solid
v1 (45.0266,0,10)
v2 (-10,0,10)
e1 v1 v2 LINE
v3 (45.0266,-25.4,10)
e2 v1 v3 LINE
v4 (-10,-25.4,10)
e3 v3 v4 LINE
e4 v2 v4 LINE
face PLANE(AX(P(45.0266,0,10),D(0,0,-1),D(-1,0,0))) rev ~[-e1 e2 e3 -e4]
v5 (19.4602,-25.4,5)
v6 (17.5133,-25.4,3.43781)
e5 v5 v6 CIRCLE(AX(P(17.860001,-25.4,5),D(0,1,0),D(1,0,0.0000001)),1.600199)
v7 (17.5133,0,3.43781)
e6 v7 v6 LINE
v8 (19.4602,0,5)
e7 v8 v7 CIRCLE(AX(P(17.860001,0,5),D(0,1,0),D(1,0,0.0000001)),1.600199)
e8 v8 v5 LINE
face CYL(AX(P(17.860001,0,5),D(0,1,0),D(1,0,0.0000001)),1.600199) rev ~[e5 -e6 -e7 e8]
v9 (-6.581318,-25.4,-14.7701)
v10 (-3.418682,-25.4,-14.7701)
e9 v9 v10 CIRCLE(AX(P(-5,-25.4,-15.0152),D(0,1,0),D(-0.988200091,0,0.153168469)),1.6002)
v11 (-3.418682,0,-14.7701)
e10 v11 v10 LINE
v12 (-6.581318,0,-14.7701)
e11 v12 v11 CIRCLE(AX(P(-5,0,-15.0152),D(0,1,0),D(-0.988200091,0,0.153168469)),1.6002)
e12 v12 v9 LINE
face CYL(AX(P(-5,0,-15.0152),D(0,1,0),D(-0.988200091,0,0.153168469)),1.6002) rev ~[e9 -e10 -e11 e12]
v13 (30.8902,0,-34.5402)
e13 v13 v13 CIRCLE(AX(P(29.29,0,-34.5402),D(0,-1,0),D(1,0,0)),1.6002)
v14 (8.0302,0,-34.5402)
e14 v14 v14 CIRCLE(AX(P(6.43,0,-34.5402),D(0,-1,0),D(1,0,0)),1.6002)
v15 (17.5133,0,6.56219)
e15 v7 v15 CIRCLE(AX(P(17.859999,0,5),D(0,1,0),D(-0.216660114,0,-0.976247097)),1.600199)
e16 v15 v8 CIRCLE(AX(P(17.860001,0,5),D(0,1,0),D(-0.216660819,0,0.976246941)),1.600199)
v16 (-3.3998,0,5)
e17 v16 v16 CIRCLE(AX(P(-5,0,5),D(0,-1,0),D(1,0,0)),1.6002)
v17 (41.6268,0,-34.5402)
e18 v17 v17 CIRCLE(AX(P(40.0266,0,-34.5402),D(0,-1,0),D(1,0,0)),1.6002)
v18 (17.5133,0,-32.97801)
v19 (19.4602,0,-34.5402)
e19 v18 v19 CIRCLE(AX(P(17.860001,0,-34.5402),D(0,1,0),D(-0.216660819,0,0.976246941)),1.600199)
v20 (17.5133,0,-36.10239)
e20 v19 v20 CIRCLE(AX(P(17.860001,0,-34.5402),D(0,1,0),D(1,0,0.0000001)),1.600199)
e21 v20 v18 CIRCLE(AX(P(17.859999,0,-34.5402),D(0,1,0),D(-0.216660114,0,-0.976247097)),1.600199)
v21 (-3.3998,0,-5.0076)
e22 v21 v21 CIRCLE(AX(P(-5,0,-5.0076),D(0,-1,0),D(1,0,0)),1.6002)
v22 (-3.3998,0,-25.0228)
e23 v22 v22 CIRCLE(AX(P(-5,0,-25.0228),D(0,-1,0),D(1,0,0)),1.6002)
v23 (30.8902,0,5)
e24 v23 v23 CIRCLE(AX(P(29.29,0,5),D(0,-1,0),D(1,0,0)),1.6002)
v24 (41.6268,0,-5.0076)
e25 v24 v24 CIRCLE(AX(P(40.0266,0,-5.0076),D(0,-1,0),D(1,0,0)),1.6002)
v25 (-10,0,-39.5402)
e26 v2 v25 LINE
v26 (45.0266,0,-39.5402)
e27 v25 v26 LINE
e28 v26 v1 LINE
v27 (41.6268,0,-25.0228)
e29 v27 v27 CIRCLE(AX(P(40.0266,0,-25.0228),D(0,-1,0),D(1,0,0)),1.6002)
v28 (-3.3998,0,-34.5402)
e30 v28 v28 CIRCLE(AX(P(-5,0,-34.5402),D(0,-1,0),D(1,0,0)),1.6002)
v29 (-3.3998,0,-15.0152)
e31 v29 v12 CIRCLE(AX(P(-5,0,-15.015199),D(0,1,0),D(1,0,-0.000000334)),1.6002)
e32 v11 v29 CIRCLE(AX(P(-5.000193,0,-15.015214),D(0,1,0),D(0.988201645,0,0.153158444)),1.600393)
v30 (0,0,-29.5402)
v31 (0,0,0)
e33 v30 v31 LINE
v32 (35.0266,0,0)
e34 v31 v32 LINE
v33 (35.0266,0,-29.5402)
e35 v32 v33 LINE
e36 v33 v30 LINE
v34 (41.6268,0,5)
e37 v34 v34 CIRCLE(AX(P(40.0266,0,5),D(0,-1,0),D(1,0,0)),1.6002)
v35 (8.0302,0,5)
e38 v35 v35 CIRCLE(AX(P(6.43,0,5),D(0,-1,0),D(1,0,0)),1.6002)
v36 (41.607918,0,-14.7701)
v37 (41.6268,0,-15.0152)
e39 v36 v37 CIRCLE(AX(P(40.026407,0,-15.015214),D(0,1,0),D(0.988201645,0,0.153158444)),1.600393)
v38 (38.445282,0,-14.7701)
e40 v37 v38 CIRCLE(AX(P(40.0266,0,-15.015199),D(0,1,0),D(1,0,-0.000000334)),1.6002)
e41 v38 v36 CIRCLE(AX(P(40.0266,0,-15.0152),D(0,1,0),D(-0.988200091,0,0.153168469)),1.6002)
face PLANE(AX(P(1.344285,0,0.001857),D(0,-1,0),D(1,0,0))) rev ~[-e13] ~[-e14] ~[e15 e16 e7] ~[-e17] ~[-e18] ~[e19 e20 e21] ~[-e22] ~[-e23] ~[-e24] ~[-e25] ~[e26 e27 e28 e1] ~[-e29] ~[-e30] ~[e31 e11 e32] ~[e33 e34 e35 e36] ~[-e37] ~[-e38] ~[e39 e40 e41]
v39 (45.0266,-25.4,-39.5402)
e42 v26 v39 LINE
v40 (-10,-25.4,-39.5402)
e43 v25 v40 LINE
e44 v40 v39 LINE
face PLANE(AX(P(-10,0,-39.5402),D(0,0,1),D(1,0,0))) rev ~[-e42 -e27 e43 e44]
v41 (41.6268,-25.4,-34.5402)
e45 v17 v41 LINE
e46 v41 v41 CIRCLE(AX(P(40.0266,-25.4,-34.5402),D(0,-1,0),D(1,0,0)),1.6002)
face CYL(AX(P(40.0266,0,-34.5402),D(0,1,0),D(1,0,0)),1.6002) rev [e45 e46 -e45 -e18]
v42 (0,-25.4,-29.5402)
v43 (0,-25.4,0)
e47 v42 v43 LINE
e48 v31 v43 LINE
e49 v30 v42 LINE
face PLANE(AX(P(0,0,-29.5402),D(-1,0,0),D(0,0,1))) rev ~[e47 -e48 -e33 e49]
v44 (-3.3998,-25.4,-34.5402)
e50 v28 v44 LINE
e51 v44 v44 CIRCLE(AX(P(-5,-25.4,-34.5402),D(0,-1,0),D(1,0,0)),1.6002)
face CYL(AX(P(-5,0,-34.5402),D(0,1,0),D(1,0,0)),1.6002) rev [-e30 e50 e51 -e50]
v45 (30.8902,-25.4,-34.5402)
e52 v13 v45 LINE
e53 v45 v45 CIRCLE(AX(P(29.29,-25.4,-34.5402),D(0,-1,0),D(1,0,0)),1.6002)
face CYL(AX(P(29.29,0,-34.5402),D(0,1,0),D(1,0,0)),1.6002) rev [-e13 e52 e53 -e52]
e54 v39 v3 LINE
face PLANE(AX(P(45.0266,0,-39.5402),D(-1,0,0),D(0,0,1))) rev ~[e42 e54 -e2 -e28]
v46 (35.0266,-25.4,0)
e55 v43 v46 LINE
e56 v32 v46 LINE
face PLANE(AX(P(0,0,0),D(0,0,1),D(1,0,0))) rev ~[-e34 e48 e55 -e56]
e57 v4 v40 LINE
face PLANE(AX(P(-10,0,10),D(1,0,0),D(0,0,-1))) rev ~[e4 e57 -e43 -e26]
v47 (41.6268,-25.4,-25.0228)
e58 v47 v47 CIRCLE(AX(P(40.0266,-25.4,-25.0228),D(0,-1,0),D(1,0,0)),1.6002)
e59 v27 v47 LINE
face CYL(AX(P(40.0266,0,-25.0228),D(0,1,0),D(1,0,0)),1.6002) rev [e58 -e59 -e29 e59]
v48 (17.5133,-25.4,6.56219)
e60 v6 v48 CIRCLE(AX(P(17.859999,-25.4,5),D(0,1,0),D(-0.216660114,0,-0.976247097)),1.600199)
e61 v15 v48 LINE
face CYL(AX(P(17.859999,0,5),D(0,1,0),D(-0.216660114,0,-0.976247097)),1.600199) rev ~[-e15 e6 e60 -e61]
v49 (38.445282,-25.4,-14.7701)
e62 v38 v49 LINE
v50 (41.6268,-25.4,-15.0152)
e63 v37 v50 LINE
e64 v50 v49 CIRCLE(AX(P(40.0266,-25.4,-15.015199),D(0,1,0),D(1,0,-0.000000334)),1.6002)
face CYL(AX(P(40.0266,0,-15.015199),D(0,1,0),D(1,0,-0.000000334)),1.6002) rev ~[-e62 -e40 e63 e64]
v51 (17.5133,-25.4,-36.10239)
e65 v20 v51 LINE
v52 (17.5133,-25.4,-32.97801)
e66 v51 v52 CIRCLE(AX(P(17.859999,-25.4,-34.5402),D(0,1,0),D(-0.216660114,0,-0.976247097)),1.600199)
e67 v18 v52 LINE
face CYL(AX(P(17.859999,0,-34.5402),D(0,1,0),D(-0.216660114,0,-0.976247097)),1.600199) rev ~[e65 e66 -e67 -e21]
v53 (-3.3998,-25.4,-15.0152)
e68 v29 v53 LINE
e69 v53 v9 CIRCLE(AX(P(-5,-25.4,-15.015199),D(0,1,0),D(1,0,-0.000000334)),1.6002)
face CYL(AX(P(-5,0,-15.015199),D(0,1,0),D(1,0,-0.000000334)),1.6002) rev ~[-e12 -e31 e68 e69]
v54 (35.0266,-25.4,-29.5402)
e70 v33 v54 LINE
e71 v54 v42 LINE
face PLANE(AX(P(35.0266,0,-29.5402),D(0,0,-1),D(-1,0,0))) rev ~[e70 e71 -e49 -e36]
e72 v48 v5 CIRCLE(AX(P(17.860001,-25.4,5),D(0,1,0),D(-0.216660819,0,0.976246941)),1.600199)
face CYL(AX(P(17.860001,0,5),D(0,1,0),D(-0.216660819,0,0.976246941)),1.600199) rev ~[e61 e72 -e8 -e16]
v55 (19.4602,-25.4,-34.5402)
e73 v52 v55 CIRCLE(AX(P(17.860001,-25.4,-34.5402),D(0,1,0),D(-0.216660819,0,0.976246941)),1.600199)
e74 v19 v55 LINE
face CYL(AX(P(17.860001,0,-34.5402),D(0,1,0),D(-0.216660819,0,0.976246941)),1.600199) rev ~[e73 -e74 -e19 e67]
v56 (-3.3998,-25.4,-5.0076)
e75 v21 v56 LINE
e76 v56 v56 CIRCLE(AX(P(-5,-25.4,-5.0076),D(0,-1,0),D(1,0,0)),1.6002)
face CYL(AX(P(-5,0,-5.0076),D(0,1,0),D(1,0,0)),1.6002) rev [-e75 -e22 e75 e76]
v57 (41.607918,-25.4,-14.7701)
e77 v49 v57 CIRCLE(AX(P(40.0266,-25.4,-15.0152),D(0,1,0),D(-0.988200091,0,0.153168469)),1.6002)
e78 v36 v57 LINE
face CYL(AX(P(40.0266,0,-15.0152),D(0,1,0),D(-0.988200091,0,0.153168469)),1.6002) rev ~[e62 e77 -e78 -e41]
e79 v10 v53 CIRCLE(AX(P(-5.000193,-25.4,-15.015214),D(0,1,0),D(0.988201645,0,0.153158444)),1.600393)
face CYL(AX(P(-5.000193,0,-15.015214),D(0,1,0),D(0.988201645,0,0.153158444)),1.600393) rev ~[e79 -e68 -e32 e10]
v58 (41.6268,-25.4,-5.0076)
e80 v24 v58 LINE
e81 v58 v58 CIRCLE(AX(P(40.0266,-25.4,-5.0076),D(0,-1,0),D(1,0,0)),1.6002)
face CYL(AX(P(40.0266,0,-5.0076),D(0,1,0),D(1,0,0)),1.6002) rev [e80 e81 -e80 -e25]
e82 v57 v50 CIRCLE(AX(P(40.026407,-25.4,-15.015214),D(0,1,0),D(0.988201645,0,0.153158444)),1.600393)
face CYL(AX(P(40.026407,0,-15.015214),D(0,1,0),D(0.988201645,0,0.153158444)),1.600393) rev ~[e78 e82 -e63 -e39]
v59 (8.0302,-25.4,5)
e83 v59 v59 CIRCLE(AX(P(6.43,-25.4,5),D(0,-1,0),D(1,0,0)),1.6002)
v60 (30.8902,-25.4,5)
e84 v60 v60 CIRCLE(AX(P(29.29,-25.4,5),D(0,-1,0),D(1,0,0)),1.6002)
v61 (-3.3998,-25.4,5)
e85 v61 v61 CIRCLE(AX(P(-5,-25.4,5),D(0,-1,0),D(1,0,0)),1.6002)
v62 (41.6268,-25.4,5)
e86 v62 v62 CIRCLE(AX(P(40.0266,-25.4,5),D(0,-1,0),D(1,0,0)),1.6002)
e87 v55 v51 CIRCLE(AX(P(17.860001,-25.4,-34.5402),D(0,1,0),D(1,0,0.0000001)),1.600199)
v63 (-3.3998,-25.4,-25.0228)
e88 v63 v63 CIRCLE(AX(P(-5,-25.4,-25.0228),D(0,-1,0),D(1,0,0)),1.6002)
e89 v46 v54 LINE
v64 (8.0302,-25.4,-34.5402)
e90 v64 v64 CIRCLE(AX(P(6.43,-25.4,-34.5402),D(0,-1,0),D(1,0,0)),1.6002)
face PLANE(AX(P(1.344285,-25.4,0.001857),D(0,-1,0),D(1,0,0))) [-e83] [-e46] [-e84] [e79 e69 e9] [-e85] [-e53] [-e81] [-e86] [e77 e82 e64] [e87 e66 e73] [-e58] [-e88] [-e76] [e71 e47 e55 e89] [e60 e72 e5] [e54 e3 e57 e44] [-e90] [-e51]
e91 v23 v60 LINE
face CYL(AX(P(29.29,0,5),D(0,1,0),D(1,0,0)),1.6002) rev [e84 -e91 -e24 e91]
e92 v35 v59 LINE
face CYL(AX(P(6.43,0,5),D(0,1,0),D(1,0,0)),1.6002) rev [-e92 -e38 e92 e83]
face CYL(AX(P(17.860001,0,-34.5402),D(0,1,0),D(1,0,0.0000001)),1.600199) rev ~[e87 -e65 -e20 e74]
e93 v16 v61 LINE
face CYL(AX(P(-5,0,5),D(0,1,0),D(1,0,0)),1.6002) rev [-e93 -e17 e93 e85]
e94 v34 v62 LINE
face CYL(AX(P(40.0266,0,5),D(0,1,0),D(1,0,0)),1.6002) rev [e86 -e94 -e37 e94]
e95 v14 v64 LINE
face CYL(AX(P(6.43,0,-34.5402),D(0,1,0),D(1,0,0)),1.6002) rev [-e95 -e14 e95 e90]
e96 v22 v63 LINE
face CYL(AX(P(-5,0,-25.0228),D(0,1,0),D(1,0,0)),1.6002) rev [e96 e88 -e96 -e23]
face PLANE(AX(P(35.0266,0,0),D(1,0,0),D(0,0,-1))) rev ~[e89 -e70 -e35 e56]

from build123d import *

# Parameters (mm, degrees)
F0_R     = 1.6002
F1_DEPTH = 25.4


with BuildPart() as f1:
    # F0 (on Front) → F1 (new body)
    with BuildSketch(Plane.XZ):
        with BuildLine():
            Line((0, -14.7701), (0, 0))
            Line((0, 0), (17.5133, 0))
            Line((17.5133, 0), (17.5133, 3.43781))
            ThreePointArc((17.5133, 3.43781), (16.2598, 5), (17.5133, 6.56219))
            Line((17.5133, 6.56219), (17.5133, 10))
            Line((17.5133, 10), (-10, 10))
            Line((-10, 10), (-10, -14.7701))
            Line((-10, -14.7701), (-6.581318, -14.7701))
            ThreePointArc((-6.581318, -14.7701), (-5, -13.415), (-3.418682, -14.7701))
            Line((-3.418682, -14.7701), (0, -14.7701))
        make_face()
        with Locations((-5, -5.0076)):
            Circle(F0_R, mode=Mode.SUBTRACT)
        with Locations((-5, 5)):
            Circle(F0_R, mode=Mode.SUBTRACT)
        with Locations((6.43, 5)):
            Circle(F0_R, mode=Mode.SUBTRACT)
        with BuildLine():
            Line((17.5133, 3.43781), (17.5133, 0))
            Line((17.5133, 0), (35.0266, 0))
            Line((35.0266, 0), (35.0266, -14.7701))
            Line((35.0266, -14.7701), (38.445282, -14.7701))
            ThreePointArc((38.445282, -14.7701), (40.0266, -13.415), (41.607918, -14.7701))
            Line((41.607918, -14.7701), (45.0266, -14.7701))
            Line((45.0266, -14.7701), (45.0266, 10))
            Line((45.0266, 10), (17.5133, 10))
            Line((17.5133, 10), (17.5133, 6.56219))
            ThreePointArc((17.5133, 6.56219), (18.861462, 6.248084), (19.4602, 5))
            ThreePointArc((19.4602, 5), (18.861462, 3.751916), (17.5133, 3.43781))
        make_face()
        with Locations((40.0266, -5.0076)):
            Circle(F0_R, mode=Mode.SUBTRACT)
        with Locations((29.29, 5)):
            Circle(F0_R, mode=Mode.SUBTRACT)
        with Locations((40.0266, 5)):
            Circle(F0_R, mode=Mode.SUBTRACT)
        with BuildLine():
            Line((38.445282, -14.7701), (35.0266, -14.7701))
            Line((35.0266, -14.7701), (35.0266, -29.5402))
            Line((35.0266, -29.5402), (17.5133, -29.5402))
            Line((17.5133, -29.5402), (17.5133, -32.97801))
            ThreePointArc((17.5133, -32.97801), (18.861462, -33.292116), (19.4602, -34.5402))
            ThreePointArc((19.4602, -34.5402), (18.861462, -35.788284), (17.5133, -36.10239))
            Line((17.5133, -36.10239), (17.5133, -39.5402))
            Line((17.5133, -39.5402), (45.0266, -39.5402))
            Line((45.0266, -39.5402), (45.0266, -14.7701))
            Line((45.0266, -14.7701), (41.607918, -14.7701))
            ThreePointArc((41.607918, -14.7701), (41.622072, -14.892287), (41.6268, -15.0152))
            ThreePointArc((41.6268, -15.0152), (39.903687, -16.610672), (38.445282, -14.7701))
        make_face()
        with Locations((29.29, -34.5402)):
            Circle(F0_R, mode=Mode.SUBTRACT)
        with Locations((40.0266, -34.5402)):
            Circle(F0_R, mode=Mode.SUBTRACT)
        with Locations((40.0266, -25.0228)):
            Circle(F0_R, mode=Mode.SUBTRACT)
        with BuildLine():
            Line((0, -29.5402), (0, -14.7701))
            Line((0, -14.7701), (-3.418682, -14.7701))
            ThreePointArc((-3.418682, -14.7701), (-3.404528, -14.892287), (-3.3998, -15.0152))
            ThreePointArc((-3.3998, -15.0152), (-5.122913, -16.610672), (-6.581318, -14.7701))
            Line((-6.581318, -14.7701), (-10, -14.7701))
            Line((-10, -14.7701), (-10, -39.5402))
            Line((-10, -39.5402), (17.5133, -39.5402))
            Line((17.5133, -39.5402), (17.5133, -36.10239))
            ThreePointArc((17.5133, -36.10239), (16.2598, -34.5402), (17.5133, -32.97801))
            Line((17.5133, -32.97801), (17.5133, -29.5402))
            Line((17.5133, -29.5402), (0, -29.5402))
        make_face()
        with Locations((-5, -34.5402)):
            Circle(F0_R, mode=Mode.SUBTRACT)
        with Locations((6.43, -34.5402)):
            Circle(F0_R, mode=Mode.SUBTRACT)
        with Locations((-5, -25.0228)):
            Circle(F0_R, mode=Mode.SUBTRACT)
    extrude(amount=F1_DEPTH)


solid = f1.part
